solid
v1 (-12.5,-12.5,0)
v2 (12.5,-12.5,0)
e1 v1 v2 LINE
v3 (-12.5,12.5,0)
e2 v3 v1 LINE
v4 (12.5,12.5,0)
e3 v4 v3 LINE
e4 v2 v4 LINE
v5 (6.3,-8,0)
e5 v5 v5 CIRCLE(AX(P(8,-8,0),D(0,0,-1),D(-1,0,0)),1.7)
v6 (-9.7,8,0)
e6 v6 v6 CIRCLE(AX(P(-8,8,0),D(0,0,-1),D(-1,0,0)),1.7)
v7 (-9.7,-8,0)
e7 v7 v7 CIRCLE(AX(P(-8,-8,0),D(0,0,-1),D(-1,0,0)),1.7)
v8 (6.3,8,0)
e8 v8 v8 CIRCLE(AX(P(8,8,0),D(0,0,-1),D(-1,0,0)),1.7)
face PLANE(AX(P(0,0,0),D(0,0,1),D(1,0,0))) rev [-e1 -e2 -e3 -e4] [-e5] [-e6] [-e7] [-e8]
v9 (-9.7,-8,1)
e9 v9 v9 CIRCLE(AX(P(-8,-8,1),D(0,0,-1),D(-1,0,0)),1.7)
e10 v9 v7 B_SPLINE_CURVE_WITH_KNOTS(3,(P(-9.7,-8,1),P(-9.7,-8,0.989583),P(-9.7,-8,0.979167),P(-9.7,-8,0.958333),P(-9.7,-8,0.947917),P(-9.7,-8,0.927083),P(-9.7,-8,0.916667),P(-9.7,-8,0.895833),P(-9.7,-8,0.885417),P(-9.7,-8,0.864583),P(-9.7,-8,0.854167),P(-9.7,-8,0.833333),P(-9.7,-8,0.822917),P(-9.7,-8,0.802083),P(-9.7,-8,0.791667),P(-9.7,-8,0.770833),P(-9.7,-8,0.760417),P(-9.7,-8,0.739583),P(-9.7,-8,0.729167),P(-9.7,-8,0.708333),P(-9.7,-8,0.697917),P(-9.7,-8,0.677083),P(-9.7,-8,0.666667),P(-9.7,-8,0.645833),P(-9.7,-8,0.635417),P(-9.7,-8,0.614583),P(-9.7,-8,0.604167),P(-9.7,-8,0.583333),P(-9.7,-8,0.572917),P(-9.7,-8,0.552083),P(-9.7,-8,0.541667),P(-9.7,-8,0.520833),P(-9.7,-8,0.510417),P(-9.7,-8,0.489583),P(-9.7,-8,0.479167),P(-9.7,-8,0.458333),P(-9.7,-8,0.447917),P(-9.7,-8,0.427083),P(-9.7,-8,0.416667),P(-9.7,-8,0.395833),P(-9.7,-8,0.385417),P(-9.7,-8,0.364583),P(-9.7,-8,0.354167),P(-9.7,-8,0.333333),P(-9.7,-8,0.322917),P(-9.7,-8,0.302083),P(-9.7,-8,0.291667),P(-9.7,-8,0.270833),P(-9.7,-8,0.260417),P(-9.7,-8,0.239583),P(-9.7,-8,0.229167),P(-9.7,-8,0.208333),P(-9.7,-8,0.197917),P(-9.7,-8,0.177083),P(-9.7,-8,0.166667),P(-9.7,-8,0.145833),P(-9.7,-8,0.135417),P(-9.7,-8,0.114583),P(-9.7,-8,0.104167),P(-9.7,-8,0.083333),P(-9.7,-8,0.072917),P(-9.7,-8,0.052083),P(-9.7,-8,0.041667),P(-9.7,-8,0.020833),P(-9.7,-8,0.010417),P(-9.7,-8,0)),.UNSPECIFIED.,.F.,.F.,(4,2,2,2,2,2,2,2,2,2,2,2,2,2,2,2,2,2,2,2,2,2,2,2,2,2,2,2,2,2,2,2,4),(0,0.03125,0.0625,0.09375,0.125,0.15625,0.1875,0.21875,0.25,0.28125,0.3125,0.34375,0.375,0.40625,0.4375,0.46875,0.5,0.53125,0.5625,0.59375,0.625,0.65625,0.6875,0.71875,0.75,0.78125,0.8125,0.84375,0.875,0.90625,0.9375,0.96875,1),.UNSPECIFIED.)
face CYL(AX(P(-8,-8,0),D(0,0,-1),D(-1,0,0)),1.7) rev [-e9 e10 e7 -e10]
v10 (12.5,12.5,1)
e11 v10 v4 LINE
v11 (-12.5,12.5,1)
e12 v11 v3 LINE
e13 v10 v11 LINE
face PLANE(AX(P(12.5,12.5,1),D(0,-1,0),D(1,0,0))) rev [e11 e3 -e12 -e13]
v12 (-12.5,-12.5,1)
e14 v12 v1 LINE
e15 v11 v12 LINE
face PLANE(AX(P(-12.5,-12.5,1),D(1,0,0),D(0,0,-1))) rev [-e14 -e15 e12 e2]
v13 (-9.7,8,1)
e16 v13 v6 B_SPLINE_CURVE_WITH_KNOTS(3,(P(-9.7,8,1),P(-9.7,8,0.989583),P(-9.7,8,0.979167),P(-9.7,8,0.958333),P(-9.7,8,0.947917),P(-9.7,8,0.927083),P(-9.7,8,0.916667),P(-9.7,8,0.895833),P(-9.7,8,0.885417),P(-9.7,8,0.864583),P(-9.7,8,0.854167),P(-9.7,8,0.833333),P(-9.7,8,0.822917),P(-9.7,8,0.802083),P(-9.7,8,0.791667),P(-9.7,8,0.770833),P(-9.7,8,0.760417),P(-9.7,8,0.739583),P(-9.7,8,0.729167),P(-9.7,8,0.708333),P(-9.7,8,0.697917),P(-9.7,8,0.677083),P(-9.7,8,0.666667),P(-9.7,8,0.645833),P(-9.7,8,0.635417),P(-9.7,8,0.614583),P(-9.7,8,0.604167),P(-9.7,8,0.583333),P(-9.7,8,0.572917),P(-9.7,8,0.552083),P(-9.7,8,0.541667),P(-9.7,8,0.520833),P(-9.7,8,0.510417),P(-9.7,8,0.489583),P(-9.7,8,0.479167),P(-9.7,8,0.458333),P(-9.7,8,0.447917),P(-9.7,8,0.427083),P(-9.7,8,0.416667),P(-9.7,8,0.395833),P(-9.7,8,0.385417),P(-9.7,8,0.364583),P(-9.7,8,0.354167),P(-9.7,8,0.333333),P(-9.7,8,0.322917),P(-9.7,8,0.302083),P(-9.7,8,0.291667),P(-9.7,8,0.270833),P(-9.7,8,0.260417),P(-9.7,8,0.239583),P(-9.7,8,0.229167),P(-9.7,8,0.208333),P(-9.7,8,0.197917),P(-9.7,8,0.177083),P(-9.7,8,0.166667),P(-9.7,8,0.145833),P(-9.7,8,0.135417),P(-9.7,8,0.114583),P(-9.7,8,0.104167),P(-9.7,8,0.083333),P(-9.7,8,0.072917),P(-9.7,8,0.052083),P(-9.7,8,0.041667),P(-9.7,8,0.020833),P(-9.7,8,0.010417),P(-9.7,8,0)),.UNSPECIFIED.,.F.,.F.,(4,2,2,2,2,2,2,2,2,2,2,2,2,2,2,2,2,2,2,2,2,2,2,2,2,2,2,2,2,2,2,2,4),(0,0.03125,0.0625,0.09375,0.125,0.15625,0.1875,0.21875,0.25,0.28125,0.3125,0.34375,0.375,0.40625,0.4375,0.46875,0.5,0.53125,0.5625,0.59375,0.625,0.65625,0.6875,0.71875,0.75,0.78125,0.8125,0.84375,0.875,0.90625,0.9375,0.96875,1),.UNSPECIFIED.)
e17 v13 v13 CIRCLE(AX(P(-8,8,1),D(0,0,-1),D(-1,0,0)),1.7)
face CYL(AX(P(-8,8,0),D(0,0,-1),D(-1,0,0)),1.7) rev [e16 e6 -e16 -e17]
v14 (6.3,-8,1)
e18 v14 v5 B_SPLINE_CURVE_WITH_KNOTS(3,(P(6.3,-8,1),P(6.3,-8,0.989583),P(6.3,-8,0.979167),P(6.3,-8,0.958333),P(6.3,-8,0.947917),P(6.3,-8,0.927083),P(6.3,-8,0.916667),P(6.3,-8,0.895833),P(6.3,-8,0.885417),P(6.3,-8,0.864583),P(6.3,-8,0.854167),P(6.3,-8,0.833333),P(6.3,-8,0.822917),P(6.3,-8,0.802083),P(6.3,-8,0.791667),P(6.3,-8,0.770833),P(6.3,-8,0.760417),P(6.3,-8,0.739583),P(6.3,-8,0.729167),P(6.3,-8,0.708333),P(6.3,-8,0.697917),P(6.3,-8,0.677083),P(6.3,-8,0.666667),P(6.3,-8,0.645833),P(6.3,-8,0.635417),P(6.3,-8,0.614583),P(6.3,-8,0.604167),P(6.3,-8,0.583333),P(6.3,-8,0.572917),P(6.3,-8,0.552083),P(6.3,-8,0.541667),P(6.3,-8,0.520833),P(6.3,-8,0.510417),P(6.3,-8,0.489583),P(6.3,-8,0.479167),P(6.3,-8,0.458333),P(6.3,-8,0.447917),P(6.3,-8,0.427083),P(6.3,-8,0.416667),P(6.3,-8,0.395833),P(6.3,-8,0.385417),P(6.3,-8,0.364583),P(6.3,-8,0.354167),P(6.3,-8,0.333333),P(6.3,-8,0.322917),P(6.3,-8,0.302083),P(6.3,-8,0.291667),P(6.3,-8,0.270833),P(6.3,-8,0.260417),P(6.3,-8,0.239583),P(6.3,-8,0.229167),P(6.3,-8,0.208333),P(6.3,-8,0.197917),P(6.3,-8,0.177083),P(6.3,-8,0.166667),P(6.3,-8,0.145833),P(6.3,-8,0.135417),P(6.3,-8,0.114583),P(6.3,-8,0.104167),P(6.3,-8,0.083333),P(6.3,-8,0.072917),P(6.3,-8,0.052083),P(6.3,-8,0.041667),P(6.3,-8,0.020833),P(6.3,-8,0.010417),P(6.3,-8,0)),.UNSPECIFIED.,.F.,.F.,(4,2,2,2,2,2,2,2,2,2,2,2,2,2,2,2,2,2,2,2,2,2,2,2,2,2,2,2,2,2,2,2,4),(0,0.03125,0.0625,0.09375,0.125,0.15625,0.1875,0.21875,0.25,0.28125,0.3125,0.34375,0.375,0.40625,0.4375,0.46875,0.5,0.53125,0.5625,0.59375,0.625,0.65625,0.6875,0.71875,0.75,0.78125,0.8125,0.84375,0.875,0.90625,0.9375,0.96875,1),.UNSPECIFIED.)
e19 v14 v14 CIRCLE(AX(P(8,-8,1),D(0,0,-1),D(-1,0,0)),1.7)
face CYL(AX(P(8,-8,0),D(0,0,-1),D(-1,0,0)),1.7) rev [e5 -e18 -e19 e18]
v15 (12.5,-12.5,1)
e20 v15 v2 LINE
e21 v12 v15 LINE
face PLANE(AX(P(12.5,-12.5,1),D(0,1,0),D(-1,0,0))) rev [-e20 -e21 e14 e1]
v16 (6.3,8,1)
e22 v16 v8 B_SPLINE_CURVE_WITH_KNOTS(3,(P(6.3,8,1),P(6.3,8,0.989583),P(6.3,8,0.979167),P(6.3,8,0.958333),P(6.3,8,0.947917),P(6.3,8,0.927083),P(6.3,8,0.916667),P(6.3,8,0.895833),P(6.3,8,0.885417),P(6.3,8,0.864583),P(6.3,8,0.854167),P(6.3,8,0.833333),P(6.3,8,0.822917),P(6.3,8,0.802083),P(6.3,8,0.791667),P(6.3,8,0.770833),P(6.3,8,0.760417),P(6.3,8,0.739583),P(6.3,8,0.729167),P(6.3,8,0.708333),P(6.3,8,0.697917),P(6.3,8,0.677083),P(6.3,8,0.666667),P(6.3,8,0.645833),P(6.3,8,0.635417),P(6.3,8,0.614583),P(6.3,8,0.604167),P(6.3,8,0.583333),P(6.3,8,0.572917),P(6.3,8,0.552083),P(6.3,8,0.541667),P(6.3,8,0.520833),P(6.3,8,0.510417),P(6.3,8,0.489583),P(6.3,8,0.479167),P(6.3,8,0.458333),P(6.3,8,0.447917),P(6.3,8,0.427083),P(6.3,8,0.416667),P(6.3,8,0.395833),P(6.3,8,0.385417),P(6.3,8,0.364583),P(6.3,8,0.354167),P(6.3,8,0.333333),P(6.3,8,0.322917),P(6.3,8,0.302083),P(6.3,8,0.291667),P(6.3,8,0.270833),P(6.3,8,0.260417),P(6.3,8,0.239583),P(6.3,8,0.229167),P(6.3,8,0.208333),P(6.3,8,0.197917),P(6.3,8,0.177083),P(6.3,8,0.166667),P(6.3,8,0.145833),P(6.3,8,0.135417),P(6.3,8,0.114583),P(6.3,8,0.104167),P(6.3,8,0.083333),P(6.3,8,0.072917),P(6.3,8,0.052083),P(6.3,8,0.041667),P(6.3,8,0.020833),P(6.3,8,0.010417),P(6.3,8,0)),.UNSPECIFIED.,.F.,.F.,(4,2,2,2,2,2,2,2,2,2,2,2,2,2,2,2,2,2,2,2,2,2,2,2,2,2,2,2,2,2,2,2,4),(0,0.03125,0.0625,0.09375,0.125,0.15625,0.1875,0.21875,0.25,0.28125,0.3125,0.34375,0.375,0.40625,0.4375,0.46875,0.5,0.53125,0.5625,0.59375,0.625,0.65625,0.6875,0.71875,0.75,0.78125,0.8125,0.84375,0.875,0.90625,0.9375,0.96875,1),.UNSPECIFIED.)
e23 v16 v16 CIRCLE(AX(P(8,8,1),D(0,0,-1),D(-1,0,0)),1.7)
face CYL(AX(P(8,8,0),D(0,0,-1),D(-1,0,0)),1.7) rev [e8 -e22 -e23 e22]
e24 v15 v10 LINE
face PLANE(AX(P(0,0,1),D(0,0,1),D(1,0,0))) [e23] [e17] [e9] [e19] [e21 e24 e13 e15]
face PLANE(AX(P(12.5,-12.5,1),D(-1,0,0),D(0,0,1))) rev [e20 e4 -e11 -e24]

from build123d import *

# Parameters (mm, degrees)
ESQUISSE1_W        = 25
ESQUISSE1_H        = 25
BOSS_EXTRU_1_DEPTH = 1
D_GAGEMENT_M31_D   = 3.4


with BuildPart() as part:
    # Esquisse1 → Boss.-Extru.1 (new body)
    with BuildSketch(Plane.XY):
        Rectangle(ESQUISSE1_W, ESQUISSE1_H)
    extrude(amount=BOSS_EXTRU_1_DEPTH)

    # Dégagement M31 (through all)
    with Locations(Plane(origin=(0, 0, 0), x_dir=(-1, 0, 0), z_dir=(0, 0, -1))):
        with Locations((8, -8), (8, 8), (-8, 8), (-8, -8)):
            Hole(D_GAGEMENT_M31_D / 2)


solid = part.part
